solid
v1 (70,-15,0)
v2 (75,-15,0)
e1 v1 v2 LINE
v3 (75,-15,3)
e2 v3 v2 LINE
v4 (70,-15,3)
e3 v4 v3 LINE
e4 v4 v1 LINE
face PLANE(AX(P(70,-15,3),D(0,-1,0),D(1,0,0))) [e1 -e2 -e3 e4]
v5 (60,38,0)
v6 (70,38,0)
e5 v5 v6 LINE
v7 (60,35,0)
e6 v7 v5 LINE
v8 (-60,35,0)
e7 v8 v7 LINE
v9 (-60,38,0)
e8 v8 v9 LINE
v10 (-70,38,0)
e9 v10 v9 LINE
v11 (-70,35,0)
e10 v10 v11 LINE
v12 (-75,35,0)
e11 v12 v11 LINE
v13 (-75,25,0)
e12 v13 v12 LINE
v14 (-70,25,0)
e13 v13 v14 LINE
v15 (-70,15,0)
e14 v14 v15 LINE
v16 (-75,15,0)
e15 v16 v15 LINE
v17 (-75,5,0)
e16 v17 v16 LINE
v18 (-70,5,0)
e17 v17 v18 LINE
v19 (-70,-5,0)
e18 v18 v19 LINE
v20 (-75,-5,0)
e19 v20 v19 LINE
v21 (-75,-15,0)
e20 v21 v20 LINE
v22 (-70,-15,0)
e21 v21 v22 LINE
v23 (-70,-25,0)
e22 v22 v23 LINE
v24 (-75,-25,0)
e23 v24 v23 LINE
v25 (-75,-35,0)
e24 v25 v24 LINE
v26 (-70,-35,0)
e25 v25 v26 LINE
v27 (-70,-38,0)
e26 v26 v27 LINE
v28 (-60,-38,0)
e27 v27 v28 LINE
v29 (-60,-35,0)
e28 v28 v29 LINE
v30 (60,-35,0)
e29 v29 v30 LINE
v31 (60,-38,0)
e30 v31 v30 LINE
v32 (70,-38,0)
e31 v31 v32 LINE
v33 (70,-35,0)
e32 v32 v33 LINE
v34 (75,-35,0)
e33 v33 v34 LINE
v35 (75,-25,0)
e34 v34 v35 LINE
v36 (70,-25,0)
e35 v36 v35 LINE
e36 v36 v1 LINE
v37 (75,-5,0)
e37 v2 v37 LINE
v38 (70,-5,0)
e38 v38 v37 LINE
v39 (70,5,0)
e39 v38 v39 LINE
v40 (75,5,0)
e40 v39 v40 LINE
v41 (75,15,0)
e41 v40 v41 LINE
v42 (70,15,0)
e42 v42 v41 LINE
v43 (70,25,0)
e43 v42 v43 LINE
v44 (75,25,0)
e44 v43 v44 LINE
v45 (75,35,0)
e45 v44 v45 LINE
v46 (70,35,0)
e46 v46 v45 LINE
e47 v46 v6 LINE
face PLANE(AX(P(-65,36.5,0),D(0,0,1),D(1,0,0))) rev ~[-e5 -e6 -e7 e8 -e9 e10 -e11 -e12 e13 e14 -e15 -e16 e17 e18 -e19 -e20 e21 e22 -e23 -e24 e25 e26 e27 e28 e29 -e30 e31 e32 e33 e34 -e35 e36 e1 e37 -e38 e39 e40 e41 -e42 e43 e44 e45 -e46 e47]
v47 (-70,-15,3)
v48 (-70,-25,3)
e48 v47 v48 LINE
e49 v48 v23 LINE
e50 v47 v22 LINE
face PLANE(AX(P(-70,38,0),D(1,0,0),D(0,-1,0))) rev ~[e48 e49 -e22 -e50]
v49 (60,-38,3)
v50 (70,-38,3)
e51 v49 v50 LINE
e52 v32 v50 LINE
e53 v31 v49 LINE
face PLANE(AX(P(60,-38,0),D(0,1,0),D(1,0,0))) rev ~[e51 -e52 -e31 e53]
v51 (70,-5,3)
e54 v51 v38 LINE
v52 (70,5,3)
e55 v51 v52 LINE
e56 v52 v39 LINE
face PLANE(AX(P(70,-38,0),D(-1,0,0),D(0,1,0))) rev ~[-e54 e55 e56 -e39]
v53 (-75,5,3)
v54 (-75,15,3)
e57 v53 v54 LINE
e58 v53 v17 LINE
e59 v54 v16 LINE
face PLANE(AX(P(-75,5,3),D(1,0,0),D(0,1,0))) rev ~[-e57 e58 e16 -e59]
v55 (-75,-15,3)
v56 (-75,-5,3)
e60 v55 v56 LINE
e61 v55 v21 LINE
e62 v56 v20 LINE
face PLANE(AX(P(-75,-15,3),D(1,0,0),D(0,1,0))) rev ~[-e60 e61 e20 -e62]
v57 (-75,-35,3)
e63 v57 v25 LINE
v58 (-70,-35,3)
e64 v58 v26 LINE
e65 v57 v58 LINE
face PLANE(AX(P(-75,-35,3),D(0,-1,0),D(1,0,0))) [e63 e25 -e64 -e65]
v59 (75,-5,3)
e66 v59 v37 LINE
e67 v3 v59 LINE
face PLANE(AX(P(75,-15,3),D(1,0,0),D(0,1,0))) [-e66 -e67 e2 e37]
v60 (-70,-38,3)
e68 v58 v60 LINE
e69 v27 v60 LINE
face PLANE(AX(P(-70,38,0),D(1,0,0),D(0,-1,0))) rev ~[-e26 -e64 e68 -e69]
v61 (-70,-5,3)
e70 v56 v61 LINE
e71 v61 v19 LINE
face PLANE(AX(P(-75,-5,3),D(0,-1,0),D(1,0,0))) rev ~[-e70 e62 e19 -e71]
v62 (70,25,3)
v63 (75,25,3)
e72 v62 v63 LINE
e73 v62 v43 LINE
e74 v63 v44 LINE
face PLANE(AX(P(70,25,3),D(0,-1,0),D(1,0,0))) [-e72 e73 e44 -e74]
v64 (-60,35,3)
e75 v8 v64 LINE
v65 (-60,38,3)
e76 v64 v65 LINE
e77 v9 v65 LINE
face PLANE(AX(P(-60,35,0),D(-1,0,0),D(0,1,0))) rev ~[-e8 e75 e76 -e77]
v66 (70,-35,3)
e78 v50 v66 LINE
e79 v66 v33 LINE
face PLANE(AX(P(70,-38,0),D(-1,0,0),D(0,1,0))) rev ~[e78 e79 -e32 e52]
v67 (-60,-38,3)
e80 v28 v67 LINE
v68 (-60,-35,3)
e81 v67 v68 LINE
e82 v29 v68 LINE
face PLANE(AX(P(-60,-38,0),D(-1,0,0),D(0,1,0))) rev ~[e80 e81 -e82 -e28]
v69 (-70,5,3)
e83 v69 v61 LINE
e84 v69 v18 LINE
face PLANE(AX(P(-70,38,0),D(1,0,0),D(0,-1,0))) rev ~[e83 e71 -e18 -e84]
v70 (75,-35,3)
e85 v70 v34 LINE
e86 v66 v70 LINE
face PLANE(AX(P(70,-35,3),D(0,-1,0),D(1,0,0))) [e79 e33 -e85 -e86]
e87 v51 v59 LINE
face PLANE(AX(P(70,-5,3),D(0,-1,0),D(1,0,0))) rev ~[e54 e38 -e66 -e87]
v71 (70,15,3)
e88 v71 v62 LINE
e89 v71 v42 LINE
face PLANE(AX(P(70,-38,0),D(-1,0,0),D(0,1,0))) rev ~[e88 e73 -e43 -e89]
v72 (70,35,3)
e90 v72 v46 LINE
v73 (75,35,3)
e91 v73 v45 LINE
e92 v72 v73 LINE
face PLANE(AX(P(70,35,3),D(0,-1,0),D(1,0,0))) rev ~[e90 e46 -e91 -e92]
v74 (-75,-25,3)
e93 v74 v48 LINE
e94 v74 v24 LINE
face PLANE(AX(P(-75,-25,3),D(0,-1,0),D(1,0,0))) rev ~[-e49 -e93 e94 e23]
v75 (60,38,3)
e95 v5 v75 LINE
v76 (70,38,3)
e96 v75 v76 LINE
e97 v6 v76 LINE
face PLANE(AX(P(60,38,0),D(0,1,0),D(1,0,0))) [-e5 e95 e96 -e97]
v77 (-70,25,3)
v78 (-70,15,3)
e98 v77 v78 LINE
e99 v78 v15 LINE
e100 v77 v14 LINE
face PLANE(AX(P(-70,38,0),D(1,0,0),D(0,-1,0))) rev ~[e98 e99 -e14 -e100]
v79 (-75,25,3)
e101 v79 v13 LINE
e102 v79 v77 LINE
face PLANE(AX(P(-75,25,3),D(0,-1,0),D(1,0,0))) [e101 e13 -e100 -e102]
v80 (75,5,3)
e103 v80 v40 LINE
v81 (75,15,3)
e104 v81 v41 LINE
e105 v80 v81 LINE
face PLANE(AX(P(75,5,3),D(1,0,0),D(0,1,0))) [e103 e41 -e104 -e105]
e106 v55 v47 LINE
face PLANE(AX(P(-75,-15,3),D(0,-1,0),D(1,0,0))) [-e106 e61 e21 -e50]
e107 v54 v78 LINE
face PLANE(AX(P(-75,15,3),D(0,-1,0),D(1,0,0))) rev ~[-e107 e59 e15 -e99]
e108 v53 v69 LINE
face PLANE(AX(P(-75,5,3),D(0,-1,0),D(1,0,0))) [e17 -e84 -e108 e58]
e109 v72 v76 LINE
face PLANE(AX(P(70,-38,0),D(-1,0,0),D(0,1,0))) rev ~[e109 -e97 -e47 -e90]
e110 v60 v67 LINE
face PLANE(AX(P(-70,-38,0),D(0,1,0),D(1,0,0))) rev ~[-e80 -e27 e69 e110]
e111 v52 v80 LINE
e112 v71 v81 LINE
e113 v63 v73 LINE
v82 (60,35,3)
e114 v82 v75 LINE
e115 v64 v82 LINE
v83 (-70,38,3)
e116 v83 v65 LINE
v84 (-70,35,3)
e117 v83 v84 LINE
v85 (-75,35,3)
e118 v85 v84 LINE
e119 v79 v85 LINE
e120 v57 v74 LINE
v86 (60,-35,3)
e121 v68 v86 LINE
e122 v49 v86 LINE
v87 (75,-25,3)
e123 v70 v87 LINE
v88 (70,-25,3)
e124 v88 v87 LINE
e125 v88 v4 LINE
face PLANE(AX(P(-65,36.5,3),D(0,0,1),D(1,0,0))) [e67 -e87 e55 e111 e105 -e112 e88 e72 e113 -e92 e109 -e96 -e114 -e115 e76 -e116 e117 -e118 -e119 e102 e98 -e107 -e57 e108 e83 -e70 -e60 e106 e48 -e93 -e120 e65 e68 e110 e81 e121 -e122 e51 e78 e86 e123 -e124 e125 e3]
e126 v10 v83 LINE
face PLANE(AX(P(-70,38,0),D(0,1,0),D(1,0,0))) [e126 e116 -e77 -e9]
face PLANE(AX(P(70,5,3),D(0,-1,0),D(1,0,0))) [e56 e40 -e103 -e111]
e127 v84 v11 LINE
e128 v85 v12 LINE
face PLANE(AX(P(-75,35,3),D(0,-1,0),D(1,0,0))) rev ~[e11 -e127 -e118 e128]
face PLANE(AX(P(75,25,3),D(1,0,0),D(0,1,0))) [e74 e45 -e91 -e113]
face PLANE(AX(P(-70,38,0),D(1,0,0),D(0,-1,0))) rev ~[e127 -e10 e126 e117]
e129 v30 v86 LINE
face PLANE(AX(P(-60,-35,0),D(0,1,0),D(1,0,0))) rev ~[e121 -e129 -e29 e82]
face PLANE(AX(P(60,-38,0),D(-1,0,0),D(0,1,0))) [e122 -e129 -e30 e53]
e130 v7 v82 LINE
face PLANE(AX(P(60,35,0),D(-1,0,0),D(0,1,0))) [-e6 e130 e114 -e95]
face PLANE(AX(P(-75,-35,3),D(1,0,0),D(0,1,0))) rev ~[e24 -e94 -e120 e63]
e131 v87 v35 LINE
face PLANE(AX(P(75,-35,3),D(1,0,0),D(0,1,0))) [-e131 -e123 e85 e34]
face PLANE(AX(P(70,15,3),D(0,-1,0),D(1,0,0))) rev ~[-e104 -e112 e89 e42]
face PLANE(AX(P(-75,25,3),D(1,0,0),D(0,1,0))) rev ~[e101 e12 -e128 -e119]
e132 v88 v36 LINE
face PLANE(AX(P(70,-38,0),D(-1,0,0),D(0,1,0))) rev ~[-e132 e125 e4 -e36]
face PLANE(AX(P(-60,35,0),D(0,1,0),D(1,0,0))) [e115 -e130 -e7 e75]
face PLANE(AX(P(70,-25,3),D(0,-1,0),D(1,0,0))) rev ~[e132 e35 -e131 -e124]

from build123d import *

# Parameters (mm, degrees)
ESBO_O1_W                = 10
ESBO_O1_H                = 3
ESBO_O1_W_2              = 140
ESBO_O1_H_2              = 70
RESSALTO_EXTRUS_O1_DEPTH = 3
ESBO_O2_W                = 5
ESBO_O2_H                = 10
RESSALTO_EXTRUS_O2_DEPTH = 3


with BuildPart() as part:
    # Esboço1 → Ressalto-extrusão1 (new body)
    with BuildSketch(Plane.XY):
        with Locations((-65, 36.5)):
            Rectangle(ESBO_O1_W, ESBO_O1_H)
        with Locations((65, -36.5)):
            Rectangle(ESBO_O1_W, ESBO_O1_H)
        with Locations((-65, -36.5)):
            Rectangle(ESBO_O1_W, ESBO_O1_H)
        Rectangle(ESBO_O1_W_2, ESBO_O1_H_2)
        with Locations((65, 36.5)):
            Rectangle(ESBO_O1_W, ESBO_O1_H)
    extrude(amount=RESSALTO_EXTRUS_O1_DEPTH)

    # Esboço2 → Ressalto-extrusão2 (add)
    with BuildSketch(Plane.XY.offset(3)):
        with Locations((-72.5, -30)):
            Rectangle(ESBO_O2_W, ESBO_O2_H)
        with Locations((-72.5, -10)):
            Rectangle(ESBO_O2_W, ESBO_O2_H)
        with Locations((-72.5, 10)):
            Rectangle(ESBO_O2_W, ESBO_O2_H)
        with Locations((-72.5, 30)):
            Rectangle(ESBO_O2_W, ESBO_O2_H)
        with Locations((72.5, 30)):
            Rectangle(ESBO_O2_W, ESBO_O2_H)
        with Locations((72.5, 10)):
            Rectangle(ESBO_O2_W, ESBO_O2_H)
        with Locations((72.5, -10)):
            Rectangle(ESBO_O2_W, ESBO_O2_H)
        with Locations((72.5, -30)):
            Rectangle(ESBO_O2_W, ESBO_O2_H)
    extrude(amount=-RESSALTO_EXTRUS_O2_DEPTH)


solid = part.part
